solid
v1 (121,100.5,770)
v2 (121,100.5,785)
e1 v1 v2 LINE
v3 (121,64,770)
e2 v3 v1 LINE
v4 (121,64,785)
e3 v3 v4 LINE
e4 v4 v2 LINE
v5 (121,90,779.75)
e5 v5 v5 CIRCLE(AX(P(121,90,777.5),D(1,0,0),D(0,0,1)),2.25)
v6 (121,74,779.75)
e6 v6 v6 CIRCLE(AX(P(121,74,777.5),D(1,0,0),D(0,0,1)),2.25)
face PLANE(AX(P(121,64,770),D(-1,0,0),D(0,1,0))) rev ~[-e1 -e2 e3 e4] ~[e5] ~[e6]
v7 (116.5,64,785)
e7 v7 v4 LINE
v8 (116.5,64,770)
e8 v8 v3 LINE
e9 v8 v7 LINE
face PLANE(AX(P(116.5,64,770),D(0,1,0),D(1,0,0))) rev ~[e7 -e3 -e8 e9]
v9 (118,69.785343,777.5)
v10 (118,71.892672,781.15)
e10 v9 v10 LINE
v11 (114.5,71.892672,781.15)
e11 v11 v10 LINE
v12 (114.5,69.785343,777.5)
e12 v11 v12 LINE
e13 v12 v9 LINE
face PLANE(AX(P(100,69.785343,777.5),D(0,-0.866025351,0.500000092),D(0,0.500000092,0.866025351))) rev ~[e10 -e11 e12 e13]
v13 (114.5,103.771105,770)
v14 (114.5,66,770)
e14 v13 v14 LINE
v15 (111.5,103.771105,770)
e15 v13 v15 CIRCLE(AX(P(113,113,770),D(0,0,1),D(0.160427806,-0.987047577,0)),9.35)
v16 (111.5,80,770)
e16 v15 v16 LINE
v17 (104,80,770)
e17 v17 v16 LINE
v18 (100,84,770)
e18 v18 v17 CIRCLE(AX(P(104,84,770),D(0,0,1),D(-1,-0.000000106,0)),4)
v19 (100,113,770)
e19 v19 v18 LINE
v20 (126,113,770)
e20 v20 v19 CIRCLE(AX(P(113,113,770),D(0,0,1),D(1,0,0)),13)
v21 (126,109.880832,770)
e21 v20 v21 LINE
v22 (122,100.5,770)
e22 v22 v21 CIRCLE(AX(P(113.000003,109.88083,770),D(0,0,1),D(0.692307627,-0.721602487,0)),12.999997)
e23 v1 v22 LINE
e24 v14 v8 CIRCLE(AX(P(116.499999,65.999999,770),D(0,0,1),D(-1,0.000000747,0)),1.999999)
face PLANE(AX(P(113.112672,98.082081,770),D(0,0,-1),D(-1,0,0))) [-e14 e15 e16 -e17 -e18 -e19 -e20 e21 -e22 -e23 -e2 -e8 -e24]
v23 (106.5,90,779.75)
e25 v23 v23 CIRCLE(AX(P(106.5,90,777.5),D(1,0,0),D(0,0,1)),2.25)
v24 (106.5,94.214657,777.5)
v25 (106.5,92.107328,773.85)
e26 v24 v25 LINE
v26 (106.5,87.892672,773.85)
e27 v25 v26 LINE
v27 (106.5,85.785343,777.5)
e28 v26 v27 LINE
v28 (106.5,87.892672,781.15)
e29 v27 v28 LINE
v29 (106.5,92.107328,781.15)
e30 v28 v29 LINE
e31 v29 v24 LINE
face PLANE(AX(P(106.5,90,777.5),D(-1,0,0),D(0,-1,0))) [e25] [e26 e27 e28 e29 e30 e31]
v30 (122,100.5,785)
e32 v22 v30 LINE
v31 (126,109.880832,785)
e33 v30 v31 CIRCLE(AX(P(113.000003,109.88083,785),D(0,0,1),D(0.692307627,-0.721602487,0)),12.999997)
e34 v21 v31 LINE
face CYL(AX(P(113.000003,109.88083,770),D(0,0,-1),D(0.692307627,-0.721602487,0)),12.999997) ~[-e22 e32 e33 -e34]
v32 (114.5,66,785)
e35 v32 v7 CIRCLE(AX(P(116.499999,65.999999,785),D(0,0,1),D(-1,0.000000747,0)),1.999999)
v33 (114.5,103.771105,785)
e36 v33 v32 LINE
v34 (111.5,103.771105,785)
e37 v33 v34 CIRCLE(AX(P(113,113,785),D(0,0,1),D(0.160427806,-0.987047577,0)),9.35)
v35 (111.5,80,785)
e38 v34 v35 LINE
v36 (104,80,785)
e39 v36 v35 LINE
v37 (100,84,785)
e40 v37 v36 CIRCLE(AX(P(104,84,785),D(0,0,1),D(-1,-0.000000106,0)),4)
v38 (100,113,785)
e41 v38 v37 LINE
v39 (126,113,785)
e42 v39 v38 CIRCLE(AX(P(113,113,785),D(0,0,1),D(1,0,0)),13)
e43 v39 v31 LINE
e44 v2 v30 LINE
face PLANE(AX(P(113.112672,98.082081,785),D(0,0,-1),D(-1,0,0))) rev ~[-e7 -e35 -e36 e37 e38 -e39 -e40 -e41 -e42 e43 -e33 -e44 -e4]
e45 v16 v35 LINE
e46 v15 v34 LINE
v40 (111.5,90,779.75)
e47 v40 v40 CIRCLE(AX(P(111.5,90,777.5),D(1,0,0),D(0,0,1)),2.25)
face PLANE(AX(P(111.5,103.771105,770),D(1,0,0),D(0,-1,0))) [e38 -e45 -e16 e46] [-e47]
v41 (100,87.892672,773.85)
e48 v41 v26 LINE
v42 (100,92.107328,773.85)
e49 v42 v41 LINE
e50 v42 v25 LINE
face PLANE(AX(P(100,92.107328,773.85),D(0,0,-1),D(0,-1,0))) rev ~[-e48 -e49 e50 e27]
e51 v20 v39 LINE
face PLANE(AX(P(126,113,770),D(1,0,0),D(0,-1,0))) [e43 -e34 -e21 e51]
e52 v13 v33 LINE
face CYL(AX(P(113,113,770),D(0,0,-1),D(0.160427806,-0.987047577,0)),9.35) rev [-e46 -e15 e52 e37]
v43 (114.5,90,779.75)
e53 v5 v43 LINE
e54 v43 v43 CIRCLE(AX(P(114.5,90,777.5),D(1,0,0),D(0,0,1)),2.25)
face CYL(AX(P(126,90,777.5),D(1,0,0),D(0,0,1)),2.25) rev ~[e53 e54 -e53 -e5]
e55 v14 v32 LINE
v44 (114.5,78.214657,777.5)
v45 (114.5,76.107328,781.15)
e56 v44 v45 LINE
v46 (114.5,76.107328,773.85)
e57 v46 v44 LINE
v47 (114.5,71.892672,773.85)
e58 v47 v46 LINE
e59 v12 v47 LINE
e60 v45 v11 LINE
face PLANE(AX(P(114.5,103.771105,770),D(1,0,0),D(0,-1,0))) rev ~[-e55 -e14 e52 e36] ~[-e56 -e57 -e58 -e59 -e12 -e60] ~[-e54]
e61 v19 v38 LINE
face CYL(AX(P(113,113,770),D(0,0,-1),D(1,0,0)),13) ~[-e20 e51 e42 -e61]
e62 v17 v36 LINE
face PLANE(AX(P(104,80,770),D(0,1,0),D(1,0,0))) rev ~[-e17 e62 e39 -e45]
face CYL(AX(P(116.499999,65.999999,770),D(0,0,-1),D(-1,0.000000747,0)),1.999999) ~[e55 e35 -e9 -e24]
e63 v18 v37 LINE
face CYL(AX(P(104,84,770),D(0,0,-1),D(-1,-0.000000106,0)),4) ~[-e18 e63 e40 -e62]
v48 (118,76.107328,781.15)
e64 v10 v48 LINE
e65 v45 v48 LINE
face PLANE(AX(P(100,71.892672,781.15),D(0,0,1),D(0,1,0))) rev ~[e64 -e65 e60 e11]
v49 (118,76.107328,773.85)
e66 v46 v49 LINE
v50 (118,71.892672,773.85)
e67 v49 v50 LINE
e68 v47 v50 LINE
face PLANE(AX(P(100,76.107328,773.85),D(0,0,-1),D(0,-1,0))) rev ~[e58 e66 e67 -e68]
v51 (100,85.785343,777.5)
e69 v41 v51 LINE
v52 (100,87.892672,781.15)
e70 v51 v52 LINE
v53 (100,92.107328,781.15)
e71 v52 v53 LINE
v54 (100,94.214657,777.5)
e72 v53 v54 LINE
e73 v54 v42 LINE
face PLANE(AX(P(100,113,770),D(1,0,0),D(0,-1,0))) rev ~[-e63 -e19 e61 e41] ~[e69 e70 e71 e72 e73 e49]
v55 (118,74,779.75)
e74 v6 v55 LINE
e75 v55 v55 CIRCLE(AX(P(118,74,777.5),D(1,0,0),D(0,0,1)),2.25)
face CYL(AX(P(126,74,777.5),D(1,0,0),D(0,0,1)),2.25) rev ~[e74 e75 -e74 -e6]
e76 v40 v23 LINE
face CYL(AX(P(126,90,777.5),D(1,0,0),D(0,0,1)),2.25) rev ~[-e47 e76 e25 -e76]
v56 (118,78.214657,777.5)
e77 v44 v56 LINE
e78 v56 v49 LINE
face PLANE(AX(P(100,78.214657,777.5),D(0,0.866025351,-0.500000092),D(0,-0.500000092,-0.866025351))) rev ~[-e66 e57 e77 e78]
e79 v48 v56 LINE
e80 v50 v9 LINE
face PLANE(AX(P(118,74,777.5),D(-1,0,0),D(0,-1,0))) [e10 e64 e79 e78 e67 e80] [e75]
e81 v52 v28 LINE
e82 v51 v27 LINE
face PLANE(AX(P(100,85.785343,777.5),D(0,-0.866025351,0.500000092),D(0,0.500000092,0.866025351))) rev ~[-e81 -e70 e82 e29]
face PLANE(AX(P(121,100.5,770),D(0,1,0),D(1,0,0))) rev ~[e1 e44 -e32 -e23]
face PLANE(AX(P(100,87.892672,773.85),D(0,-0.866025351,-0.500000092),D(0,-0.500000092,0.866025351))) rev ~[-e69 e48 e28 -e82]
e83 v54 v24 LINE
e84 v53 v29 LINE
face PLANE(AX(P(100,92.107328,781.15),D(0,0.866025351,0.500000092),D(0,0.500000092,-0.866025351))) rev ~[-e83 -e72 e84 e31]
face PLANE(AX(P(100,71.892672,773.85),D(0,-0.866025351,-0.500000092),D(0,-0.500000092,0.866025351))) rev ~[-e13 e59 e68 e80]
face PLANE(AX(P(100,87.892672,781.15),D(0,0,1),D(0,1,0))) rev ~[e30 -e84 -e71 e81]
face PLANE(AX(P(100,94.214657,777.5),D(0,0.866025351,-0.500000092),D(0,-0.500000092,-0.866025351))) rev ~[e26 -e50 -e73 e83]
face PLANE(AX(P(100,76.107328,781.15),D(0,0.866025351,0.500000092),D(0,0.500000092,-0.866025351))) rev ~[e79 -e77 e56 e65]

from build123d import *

# Parameters (mm, degrees)
PAD029_DEPTH    = 15
SKETCH081_R     = 2.25
HOLE038_DEPTH   = 26.001
POCKET053_DEPTH = 18
POCKET054_DEPTH = 6.5


with BuildPart() as part:
    # Sketch079 → Pad029 (new body)
    with BuildSketch(Plane.XY):
        with BuildLine():
            ThreePointArc((117, 103.771105), (115.5, 122.35), (114, 103.771105))
            Line((114, 103.771105), (114, 80))
            Line((106.5, 80), (114, 80))
            ThreePointArc((102.5, 84), (103.671573, 81.171573), (106.5, 80))
            Line((102.5, 113), (102.5, 84))
            ThreePointArc((128.5, 113), (115.5, 126), (102.5, 113))
            Line((128.5, 113), (128.5, 109.880832))
            ThreePointArc((124.5, 100.5), (127.458261, 104.781812), (128.5, 109.880832))
            Line((123.5, 100.5), (124.5, 100.5))
            Line((123.5, 64), (123.5, 100.5))
            Line((119, 64), (123.5, 64))
            ThreePointArc((117, 66), (117.585786, 64.585786), (119, 64))
            Line((117, 103.771105), (117, 66))
        make_face()
    extrude(amount=PAD029_DEPTH)

    # Sketch081 (on DatumPlane) → Hole038 (cut, through all)
    with BuildSketch(Plane(origin=(128.5, 0, 0), x_dir=(0, 0, 1), z_dir=(1, 0, 0))):
        with Locations((7.5, -90)):
            Circle(SKETCH081_R)
        with Locations((7.5, -74)):
            Circle(SKETCH081_R)
    extrude(amount=-HOLE038_DEPTH, mode=Mode.SUBTRACT)

    # Sketch082 (on DatumPlane) → Pocket053 (cut)
    with BuildSketch(Plane(origin=(102.5, 0, 0), x_dir=(0, -1, 0), z_dir=(-1, 0, 0))):
        Polygon((-69.785343, 7.5), (-71.892672, 11.15), (-76.107328, 11.15), (-78.214657, 7.5), (-76.107328, 3.85), (-71.892672, 3.85), align=None)
    extrude(amount=-POCKET053_DEPTH, mode=Mode.SUBTRACT)

    # Sketch083 (on DatumPlane) → Pocket054 (cut)
    with BuildSketch(Plane(origin=(102.5, 0, 0), x_dir=(0, -1, 0), z_dir=(-1, 0, 0))):
        Polygon((-85.785343, 7.5), (-87.892672, 11.15), (-92.107328, 11.15), (-94.214657, 7.5), (-92.107328, 3.85), (-87.892672, 3.85), align=None)
    extrude(amount=-POCKET054_DEPTH, mode=Mode.SUBTRACT)


with BuildPart() as part_1:
    # Body022006 placement: moved
    add(part.part.moved(Location((-2.5, 0, 770))))


solid = part_1.part
